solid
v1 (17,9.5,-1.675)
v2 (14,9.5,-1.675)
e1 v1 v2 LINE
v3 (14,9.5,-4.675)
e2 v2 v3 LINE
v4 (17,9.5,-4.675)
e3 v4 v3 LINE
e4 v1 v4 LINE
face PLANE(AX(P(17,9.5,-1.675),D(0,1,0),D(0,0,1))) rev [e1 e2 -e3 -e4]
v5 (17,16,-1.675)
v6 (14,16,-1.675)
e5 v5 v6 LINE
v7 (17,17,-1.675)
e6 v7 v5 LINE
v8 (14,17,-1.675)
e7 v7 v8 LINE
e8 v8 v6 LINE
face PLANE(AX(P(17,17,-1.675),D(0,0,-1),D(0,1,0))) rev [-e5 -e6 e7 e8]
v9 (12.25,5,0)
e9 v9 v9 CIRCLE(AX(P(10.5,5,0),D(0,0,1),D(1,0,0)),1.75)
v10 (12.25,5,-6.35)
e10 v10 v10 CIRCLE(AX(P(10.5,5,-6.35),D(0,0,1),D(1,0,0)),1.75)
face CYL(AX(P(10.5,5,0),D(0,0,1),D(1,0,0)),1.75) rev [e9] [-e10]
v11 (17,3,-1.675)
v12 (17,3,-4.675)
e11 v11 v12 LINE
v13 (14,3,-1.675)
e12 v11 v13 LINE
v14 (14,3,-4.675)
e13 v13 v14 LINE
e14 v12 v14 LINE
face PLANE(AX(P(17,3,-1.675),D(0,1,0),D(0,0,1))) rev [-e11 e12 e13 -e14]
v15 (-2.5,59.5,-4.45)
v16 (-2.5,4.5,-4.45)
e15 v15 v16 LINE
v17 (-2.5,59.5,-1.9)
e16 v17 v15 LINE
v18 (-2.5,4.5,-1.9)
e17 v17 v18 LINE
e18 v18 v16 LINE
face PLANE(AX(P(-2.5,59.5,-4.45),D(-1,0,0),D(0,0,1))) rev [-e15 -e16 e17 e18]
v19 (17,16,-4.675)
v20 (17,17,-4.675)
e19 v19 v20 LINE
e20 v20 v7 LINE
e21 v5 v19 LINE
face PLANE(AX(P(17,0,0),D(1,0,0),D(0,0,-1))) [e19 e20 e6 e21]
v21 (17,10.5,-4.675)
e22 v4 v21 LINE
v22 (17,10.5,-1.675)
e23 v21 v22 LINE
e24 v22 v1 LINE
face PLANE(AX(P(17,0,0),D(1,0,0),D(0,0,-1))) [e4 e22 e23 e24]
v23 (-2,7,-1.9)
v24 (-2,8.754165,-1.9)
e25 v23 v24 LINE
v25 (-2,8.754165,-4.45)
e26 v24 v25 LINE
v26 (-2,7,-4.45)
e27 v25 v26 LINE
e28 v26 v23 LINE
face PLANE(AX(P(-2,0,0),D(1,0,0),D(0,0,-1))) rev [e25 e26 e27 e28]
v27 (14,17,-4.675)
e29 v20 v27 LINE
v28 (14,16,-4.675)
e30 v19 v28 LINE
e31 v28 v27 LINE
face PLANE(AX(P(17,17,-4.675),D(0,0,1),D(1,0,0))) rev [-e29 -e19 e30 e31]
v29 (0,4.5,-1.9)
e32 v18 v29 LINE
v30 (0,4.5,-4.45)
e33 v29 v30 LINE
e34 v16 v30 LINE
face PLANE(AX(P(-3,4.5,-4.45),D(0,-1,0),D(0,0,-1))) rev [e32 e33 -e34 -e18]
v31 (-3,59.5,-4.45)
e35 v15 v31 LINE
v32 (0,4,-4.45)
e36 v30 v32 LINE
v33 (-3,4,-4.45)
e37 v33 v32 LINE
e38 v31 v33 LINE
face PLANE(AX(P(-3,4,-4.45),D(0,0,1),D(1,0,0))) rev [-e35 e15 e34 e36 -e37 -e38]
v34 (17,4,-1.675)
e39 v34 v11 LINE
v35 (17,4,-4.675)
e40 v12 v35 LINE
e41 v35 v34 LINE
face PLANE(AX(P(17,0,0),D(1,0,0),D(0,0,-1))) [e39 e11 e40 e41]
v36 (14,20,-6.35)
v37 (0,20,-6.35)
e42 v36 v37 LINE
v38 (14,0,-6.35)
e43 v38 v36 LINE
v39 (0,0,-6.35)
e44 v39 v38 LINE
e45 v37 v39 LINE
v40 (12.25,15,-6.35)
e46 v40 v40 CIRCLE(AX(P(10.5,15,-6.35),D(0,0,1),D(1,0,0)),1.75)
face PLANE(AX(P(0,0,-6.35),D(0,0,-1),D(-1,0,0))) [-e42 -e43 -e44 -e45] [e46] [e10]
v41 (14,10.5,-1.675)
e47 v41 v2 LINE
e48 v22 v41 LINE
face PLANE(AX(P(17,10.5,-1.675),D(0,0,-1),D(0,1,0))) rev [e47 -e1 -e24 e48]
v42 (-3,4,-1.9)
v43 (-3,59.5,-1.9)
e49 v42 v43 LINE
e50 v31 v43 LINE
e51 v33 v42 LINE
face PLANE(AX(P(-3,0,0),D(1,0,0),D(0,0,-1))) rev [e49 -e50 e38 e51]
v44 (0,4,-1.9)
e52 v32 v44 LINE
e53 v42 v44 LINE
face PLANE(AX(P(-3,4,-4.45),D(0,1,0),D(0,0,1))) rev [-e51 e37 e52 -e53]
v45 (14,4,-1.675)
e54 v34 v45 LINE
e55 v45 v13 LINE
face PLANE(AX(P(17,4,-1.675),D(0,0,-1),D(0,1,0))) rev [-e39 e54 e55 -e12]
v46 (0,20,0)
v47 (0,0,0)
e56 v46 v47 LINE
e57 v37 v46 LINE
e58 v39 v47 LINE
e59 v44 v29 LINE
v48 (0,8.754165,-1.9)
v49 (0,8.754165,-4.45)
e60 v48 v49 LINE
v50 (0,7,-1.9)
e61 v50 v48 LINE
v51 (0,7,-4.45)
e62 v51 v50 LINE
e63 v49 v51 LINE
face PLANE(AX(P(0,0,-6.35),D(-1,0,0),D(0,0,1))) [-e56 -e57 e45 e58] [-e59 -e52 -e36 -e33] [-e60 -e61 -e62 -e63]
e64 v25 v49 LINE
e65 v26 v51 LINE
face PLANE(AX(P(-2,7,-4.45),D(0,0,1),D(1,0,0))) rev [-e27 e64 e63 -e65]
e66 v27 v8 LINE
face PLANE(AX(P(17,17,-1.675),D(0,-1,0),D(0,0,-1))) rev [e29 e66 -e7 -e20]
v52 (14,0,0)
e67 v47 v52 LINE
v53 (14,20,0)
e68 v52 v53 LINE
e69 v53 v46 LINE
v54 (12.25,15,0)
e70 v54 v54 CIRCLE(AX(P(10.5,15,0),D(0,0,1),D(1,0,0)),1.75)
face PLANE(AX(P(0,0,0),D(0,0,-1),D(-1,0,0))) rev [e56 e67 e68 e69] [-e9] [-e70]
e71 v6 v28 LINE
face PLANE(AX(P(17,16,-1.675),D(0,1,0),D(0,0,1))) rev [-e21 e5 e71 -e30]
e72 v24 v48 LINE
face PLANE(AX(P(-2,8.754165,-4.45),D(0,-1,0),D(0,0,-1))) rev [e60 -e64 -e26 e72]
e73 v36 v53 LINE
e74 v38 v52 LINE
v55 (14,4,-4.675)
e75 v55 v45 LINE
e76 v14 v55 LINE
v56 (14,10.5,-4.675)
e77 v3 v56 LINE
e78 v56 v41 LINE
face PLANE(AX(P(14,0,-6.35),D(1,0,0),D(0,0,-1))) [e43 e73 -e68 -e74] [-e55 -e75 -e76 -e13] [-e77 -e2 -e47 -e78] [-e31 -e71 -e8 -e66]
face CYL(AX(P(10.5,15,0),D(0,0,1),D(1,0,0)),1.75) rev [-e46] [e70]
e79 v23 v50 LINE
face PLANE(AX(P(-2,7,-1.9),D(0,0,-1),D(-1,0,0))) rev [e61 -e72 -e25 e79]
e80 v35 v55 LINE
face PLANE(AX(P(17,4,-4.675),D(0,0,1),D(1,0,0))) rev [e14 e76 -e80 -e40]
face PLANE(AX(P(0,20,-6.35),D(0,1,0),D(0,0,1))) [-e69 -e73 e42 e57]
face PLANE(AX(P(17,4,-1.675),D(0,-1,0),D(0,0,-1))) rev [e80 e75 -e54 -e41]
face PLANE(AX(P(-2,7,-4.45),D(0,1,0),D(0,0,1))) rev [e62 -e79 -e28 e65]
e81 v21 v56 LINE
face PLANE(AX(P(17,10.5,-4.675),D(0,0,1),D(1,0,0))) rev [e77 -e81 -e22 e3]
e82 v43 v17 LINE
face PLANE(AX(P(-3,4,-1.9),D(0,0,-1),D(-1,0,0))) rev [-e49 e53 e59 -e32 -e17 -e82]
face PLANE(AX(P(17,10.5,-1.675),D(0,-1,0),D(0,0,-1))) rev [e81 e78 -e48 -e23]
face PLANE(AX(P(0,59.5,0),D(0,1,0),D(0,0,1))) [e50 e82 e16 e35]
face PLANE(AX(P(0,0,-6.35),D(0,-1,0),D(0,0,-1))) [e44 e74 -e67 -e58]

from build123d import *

# Parameters (mm, degrees)
SKETCH1_W             = 14
SKETCH1_H             = 20
BOSS_EXTRUDE1_DEPTH   = 6.35
SKETCH2_W             = 2.55
SKETCH2_H             = 1.754165379
BOSS_EXTRUDE2_DEPTH   = 2
SKETCH3_W             = 2.55
SKETCH3_H             = 0.5
BOSS_EXTRUDE3_DEPTH   = 3
SKETCH4_W             = 0.5
SKETCH4_H             = 2.55
BOSS_EXTRUDE4_DEPTH   = 55
SKETCH5_W             = 3
SKETCH5_H             = 1
BOSS_EXTRUDE5_DEPTH   = 3
F_3_0MM_DOWEL_HOLE1_D = 3.5


with BuildPart() as part:
    # Sketch1 → Boss-Extrude1 (new body)
    with BuildSketch(Plane.XY):
        with Locations((7, 10)):
            Rectangle(SKETCH1_W, SKETCH1_H)
    extrude(amount=-BOSS_EXTRUDE1_DEPTH)

    # Sketch2 → Boss-Extrude2 (add)
    with BuildSketch(Plane.ZY):
        with Locations((-3.175, 7.877082689)):
            Rectangle(SKETCH2_W, SKETCH2_H)
    extrude(amount=BOSS_EXTRUDE2_DEPTH)

    # Sketch3 → Boss-Extrude3 (add)
    with BuildSketch(Plane.ZY):
        with Locations((-3.175, 4.25)):
            Rectangle(SKETCH3_W, SKETCH3_H)
    extrude(amount=BOSS_EXTRUDE3_DEPTH)

    # Sketch4 → Boss-Extrude4 (add)
    with BuildSketch(Plane(origin=(0, 4.5, 0), x_dir=(1, 0, 0), z_dir=(0, 1, 0))):
        with Locations((-2.75, 3.175)):
            Rectangle(SKETCH4_W, SKETCH4_H)
    extrude(amount=BOSS_EXTRUDE4_DEPTH)

    # Sketch5 → Boss-Extrude5 (add)
    with BuildSketch(Plane(origin=(14, 0, 0), x_dir=(0, 0, -1), z_dir=(1, 0, 0))):
        with Locations((3.175, 3.5)):
            Rectangle(SKETCH5_W, SKETCH5_H)
        with Locations((3.175, 10)):
            Rectangle(SKETCH5_W, SKETCH5_H)
        with Locations((3.175, 16.5)):
            Rectangle(SKETCH5_W, SKETCH5_H)
    extrude(amount=BOSS_EXTRUDE5_DEPTH)

    # Ø3.0mm Dowel Hole1 (through all)
    with Locations(Plane(origin=(10.5, 15, 0), x_dir=(1, 0, 0), z_dir=(0, 0, 1))):
        with Locations((0, 0), (0, -10)):
            Hole(F_3_0MM_DOWEL_HOLE1_D / 2)


solid = part.part
